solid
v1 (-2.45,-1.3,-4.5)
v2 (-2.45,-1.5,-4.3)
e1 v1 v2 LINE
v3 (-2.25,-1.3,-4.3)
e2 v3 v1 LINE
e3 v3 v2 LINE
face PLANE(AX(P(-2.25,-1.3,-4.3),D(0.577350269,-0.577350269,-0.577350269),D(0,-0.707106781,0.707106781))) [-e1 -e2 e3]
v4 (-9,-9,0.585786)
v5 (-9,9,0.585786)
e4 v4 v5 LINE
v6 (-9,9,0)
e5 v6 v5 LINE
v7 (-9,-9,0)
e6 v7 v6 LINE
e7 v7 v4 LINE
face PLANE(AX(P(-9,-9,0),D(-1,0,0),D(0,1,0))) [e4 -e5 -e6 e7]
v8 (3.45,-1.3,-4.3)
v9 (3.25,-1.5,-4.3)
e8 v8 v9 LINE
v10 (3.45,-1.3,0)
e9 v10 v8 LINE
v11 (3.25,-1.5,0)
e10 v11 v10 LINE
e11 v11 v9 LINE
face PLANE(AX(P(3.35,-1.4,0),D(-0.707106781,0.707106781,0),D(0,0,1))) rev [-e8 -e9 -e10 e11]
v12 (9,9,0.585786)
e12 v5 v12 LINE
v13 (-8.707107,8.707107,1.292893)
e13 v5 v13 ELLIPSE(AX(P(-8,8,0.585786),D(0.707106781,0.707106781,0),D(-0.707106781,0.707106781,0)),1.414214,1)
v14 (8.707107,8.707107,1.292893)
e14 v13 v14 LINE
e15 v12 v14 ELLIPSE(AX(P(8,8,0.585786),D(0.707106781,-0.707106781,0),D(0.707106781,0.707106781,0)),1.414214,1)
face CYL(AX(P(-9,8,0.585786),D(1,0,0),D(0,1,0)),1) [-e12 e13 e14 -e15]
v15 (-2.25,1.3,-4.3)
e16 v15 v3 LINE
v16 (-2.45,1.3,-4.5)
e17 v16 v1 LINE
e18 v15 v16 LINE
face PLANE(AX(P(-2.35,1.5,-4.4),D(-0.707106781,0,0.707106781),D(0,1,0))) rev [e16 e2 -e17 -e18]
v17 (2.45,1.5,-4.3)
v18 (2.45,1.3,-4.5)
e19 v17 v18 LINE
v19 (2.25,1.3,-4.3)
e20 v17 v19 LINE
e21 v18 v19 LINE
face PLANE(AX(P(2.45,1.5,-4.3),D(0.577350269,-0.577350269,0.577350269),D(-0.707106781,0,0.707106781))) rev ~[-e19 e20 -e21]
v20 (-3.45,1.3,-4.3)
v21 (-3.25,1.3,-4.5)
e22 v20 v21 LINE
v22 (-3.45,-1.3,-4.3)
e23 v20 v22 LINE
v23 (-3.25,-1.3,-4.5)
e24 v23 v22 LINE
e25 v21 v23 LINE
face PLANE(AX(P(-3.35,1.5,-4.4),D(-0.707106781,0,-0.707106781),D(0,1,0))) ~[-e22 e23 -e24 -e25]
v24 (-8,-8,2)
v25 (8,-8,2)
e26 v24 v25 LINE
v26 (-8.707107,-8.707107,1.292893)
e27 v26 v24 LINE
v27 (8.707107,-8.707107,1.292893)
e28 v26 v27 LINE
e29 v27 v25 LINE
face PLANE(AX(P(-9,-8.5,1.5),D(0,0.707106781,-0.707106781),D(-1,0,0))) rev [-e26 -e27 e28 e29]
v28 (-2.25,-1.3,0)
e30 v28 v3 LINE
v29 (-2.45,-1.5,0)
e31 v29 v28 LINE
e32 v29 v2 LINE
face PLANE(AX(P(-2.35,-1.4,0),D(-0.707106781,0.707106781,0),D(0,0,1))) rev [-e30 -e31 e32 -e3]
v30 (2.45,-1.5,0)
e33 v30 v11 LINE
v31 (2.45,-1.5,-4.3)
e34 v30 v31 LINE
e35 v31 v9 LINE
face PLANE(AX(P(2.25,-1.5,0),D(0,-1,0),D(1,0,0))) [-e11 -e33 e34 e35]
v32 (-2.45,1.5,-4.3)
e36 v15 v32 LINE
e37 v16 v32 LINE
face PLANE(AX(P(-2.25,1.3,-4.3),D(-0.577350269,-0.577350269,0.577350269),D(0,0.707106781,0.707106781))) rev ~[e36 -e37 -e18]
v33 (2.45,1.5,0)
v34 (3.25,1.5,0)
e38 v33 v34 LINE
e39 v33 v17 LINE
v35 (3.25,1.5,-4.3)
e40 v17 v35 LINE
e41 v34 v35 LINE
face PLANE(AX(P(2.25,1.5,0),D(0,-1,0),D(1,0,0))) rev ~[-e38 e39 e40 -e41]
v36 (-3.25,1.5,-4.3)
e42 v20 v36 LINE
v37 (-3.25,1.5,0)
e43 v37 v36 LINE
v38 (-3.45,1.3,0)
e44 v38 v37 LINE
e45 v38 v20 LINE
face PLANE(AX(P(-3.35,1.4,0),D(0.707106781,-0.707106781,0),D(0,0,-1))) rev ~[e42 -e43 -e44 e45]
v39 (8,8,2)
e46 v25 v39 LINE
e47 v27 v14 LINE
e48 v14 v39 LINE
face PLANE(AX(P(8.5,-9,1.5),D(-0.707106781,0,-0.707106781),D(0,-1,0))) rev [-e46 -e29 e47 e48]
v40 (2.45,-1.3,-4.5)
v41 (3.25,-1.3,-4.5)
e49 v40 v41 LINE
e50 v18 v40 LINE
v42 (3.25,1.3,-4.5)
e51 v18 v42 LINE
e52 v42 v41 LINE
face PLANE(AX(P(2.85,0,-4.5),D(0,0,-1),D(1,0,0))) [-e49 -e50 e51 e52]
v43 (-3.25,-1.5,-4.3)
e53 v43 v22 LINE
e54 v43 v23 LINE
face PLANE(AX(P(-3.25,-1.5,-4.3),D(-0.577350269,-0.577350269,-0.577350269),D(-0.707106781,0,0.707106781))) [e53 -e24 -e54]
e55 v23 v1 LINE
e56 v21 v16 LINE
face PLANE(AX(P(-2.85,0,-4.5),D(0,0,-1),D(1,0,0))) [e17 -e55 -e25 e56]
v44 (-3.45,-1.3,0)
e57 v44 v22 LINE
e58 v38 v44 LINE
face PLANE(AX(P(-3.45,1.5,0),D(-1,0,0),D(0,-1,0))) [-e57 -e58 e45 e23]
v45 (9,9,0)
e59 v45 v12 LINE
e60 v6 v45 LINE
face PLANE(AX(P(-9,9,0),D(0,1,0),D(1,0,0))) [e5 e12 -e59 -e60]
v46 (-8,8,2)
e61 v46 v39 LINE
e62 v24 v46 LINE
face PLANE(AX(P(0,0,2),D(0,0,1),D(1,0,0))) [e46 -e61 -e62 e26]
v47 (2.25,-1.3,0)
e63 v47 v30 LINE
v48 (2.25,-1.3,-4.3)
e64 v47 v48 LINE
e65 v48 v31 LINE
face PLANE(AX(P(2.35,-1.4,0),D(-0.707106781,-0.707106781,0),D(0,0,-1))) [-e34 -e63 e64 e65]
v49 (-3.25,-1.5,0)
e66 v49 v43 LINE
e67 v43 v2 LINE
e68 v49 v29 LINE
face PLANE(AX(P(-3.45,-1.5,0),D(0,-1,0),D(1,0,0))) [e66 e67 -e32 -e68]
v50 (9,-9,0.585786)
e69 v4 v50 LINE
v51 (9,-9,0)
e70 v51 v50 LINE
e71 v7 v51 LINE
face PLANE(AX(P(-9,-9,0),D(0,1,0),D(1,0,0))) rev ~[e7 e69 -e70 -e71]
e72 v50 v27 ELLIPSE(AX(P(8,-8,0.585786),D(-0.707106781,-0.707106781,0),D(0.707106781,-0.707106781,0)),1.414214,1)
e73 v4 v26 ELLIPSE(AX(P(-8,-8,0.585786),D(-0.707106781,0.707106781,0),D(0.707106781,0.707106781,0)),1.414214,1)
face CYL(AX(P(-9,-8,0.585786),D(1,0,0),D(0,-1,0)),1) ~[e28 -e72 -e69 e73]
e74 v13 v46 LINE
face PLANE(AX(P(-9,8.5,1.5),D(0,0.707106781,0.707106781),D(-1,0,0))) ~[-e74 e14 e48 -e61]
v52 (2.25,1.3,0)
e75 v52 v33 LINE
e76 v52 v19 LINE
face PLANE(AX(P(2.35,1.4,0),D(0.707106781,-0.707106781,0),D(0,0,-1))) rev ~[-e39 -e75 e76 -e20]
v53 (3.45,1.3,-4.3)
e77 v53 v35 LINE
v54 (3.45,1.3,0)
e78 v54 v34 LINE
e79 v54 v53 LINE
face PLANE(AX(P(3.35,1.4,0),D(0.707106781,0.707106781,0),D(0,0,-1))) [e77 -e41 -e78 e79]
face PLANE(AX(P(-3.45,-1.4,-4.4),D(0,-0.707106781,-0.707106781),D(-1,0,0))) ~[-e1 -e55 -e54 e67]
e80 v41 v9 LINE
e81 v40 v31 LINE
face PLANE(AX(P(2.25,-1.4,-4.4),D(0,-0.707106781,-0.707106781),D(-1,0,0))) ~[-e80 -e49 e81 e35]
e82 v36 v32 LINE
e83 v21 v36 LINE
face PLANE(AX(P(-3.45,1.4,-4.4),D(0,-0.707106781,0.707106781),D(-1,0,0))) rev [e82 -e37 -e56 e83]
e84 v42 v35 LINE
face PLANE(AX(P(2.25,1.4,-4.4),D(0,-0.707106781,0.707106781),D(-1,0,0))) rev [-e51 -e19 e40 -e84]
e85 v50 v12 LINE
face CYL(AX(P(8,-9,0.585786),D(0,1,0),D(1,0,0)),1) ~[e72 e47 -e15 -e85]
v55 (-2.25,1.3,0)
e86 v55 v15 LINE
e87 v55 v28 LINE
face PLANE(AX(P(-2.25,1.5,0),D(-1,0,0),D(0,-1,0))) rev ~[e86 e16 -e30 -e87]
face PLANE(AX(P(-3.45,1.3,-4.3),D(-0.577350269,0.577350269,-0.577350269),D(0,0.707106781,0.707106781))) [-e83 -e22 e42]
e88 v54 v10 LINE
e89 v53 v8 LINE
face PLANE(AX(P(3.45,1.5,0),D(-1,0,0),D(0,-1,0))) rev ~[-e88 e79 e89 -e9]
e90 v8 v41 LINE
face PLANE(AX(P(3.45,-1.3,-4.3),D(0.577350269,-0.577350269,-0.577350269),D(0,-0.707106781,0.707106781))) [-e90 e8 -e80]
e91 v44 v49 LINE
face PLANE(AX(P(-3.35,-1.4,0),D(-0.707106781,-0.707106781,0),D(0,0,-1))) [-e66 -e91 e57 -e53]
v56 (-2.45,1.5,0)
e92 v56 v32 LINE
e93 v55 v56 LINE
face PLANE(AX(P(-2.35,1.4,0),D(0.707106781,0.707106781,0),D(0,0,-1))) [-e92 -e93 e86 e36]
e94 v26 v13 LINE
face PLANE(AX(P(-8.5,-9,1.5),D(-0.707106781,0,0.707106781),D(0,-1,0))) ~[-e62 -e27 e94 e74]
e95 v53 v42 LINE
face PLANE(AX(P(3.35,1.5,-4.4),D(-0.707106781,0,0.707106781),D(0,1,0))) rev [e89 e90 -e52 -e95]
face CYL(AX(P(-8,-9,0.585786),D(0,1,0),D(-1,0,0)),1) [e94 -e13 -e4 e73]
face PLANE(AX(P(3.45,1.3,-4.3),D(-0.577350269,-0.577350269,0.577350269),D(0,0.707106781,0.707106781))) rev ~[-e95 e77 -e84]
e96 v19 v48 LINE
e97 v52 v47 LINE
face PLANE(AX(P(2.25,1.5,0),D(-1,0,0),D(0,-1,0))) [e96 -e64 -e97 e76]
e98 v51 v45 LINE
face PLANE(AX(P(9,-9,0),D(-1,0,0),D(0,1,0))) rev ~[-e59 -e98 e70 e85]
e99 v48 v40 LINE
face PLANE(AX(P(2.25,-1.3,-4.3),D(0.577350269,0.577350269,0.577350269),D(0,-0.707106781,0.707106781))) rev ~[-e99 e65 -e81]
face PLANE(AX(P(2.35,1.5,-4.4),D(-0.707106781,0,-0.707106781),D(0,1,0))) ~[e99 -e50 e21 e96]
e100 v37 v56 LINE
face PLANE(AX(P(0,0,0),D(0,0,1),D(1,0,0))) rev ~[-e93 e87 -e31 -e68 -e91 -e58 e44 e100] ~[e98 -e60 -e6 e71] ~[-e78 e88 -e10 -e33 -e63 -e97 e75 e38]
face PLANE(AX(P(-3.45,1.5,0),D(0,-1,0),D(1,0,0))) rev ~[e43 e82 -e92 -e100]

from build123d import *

# Parameters (mm, degrees)
SKETCH_W        = 18
SKETCH_H        = 18
PAD_DEPTH       = 2
CHAMFER_SIZE    = 1
FILLET_R        = 1
COPYSKETCH002_W = 1.2
COPYSKETCH002_H = 3
PAD001_DEPTH    = 4.5
CHAMFER001_SIZE = 0.2


with BuildPart() as part:
    # Sketch → Pad (new body)
    with BuildSketch(Plane.XY):
        Rectangle(SKETCH_W, SKETCH_H)
    extrude(amount=PAD_DEPTH)

    # Chamfer
    chamfer_edges = [part.edges().sort_by_distance(p)[0] for p in [
        (-9, 0, 2),
        (0, 9, 2),
        (9, 0, 2),
        (0, -9, 2),
    ]]
    chamfer(chamfer_edges, length=CHAMFER_SIZE)

    # Fillet
    fillet_edges = [part.edges().sort_by_distance(p)[0] for p in [
        (0, -9, 1),
        (9, 0, 1),
        (-9, 0, 1),
        (0, 9, 1),
    ]]
    fillet(fillet_edges, radius=FILLET_R)

    # CopySketch002 → Pad001 (join)
    with BuildSketch(Plane(origin=(0, 0, 0), x_dir=(1, 0, 0), z_dir=(0, 0, -1))):
        with Locations((-2.85, 0)):
            Rectangle(COPYSKETCH002_W, COPYSKETCH002_H)
        with Locations((2.85, 0)):
            Rectangle(COPYSKETCH002_W, COPYSKETCH002_H)
    extrude(amount=PAD001_DEPTH)

    # Chamfer001
    chamfer001_edges = [part.edges().sort_by_distance(p)[0] for p in [
        (-2.85, 1.5, -4.5),
        (-3.45, 0, -4.5),
        (-2.85, -1.5, -4.5),
        (-2.25, 0, -4.5),
        (-3.45, 1.5, -2.25),
        (-2.25, 1.5, -2.25),
        (-3.45, -1.5, -2.25),
        (-2.25, -1.5, -2.25),
        (2.85, -1.5, -4.5),
        (2.25, 0, -4.5),
        (2.85, 1.5, -4.5),
        (3.45, 0, -4.5),
        (3.45, -1.5, -2.25),
        (2.25, -1.5, -2.25),
        (2.25, 1.5, -2.25),
        (3.45, 1.5, -2.25),
    ]]
    chamfer(chamfer001_edges, length=CHAMFER001_SIZE)


solid = part.part
